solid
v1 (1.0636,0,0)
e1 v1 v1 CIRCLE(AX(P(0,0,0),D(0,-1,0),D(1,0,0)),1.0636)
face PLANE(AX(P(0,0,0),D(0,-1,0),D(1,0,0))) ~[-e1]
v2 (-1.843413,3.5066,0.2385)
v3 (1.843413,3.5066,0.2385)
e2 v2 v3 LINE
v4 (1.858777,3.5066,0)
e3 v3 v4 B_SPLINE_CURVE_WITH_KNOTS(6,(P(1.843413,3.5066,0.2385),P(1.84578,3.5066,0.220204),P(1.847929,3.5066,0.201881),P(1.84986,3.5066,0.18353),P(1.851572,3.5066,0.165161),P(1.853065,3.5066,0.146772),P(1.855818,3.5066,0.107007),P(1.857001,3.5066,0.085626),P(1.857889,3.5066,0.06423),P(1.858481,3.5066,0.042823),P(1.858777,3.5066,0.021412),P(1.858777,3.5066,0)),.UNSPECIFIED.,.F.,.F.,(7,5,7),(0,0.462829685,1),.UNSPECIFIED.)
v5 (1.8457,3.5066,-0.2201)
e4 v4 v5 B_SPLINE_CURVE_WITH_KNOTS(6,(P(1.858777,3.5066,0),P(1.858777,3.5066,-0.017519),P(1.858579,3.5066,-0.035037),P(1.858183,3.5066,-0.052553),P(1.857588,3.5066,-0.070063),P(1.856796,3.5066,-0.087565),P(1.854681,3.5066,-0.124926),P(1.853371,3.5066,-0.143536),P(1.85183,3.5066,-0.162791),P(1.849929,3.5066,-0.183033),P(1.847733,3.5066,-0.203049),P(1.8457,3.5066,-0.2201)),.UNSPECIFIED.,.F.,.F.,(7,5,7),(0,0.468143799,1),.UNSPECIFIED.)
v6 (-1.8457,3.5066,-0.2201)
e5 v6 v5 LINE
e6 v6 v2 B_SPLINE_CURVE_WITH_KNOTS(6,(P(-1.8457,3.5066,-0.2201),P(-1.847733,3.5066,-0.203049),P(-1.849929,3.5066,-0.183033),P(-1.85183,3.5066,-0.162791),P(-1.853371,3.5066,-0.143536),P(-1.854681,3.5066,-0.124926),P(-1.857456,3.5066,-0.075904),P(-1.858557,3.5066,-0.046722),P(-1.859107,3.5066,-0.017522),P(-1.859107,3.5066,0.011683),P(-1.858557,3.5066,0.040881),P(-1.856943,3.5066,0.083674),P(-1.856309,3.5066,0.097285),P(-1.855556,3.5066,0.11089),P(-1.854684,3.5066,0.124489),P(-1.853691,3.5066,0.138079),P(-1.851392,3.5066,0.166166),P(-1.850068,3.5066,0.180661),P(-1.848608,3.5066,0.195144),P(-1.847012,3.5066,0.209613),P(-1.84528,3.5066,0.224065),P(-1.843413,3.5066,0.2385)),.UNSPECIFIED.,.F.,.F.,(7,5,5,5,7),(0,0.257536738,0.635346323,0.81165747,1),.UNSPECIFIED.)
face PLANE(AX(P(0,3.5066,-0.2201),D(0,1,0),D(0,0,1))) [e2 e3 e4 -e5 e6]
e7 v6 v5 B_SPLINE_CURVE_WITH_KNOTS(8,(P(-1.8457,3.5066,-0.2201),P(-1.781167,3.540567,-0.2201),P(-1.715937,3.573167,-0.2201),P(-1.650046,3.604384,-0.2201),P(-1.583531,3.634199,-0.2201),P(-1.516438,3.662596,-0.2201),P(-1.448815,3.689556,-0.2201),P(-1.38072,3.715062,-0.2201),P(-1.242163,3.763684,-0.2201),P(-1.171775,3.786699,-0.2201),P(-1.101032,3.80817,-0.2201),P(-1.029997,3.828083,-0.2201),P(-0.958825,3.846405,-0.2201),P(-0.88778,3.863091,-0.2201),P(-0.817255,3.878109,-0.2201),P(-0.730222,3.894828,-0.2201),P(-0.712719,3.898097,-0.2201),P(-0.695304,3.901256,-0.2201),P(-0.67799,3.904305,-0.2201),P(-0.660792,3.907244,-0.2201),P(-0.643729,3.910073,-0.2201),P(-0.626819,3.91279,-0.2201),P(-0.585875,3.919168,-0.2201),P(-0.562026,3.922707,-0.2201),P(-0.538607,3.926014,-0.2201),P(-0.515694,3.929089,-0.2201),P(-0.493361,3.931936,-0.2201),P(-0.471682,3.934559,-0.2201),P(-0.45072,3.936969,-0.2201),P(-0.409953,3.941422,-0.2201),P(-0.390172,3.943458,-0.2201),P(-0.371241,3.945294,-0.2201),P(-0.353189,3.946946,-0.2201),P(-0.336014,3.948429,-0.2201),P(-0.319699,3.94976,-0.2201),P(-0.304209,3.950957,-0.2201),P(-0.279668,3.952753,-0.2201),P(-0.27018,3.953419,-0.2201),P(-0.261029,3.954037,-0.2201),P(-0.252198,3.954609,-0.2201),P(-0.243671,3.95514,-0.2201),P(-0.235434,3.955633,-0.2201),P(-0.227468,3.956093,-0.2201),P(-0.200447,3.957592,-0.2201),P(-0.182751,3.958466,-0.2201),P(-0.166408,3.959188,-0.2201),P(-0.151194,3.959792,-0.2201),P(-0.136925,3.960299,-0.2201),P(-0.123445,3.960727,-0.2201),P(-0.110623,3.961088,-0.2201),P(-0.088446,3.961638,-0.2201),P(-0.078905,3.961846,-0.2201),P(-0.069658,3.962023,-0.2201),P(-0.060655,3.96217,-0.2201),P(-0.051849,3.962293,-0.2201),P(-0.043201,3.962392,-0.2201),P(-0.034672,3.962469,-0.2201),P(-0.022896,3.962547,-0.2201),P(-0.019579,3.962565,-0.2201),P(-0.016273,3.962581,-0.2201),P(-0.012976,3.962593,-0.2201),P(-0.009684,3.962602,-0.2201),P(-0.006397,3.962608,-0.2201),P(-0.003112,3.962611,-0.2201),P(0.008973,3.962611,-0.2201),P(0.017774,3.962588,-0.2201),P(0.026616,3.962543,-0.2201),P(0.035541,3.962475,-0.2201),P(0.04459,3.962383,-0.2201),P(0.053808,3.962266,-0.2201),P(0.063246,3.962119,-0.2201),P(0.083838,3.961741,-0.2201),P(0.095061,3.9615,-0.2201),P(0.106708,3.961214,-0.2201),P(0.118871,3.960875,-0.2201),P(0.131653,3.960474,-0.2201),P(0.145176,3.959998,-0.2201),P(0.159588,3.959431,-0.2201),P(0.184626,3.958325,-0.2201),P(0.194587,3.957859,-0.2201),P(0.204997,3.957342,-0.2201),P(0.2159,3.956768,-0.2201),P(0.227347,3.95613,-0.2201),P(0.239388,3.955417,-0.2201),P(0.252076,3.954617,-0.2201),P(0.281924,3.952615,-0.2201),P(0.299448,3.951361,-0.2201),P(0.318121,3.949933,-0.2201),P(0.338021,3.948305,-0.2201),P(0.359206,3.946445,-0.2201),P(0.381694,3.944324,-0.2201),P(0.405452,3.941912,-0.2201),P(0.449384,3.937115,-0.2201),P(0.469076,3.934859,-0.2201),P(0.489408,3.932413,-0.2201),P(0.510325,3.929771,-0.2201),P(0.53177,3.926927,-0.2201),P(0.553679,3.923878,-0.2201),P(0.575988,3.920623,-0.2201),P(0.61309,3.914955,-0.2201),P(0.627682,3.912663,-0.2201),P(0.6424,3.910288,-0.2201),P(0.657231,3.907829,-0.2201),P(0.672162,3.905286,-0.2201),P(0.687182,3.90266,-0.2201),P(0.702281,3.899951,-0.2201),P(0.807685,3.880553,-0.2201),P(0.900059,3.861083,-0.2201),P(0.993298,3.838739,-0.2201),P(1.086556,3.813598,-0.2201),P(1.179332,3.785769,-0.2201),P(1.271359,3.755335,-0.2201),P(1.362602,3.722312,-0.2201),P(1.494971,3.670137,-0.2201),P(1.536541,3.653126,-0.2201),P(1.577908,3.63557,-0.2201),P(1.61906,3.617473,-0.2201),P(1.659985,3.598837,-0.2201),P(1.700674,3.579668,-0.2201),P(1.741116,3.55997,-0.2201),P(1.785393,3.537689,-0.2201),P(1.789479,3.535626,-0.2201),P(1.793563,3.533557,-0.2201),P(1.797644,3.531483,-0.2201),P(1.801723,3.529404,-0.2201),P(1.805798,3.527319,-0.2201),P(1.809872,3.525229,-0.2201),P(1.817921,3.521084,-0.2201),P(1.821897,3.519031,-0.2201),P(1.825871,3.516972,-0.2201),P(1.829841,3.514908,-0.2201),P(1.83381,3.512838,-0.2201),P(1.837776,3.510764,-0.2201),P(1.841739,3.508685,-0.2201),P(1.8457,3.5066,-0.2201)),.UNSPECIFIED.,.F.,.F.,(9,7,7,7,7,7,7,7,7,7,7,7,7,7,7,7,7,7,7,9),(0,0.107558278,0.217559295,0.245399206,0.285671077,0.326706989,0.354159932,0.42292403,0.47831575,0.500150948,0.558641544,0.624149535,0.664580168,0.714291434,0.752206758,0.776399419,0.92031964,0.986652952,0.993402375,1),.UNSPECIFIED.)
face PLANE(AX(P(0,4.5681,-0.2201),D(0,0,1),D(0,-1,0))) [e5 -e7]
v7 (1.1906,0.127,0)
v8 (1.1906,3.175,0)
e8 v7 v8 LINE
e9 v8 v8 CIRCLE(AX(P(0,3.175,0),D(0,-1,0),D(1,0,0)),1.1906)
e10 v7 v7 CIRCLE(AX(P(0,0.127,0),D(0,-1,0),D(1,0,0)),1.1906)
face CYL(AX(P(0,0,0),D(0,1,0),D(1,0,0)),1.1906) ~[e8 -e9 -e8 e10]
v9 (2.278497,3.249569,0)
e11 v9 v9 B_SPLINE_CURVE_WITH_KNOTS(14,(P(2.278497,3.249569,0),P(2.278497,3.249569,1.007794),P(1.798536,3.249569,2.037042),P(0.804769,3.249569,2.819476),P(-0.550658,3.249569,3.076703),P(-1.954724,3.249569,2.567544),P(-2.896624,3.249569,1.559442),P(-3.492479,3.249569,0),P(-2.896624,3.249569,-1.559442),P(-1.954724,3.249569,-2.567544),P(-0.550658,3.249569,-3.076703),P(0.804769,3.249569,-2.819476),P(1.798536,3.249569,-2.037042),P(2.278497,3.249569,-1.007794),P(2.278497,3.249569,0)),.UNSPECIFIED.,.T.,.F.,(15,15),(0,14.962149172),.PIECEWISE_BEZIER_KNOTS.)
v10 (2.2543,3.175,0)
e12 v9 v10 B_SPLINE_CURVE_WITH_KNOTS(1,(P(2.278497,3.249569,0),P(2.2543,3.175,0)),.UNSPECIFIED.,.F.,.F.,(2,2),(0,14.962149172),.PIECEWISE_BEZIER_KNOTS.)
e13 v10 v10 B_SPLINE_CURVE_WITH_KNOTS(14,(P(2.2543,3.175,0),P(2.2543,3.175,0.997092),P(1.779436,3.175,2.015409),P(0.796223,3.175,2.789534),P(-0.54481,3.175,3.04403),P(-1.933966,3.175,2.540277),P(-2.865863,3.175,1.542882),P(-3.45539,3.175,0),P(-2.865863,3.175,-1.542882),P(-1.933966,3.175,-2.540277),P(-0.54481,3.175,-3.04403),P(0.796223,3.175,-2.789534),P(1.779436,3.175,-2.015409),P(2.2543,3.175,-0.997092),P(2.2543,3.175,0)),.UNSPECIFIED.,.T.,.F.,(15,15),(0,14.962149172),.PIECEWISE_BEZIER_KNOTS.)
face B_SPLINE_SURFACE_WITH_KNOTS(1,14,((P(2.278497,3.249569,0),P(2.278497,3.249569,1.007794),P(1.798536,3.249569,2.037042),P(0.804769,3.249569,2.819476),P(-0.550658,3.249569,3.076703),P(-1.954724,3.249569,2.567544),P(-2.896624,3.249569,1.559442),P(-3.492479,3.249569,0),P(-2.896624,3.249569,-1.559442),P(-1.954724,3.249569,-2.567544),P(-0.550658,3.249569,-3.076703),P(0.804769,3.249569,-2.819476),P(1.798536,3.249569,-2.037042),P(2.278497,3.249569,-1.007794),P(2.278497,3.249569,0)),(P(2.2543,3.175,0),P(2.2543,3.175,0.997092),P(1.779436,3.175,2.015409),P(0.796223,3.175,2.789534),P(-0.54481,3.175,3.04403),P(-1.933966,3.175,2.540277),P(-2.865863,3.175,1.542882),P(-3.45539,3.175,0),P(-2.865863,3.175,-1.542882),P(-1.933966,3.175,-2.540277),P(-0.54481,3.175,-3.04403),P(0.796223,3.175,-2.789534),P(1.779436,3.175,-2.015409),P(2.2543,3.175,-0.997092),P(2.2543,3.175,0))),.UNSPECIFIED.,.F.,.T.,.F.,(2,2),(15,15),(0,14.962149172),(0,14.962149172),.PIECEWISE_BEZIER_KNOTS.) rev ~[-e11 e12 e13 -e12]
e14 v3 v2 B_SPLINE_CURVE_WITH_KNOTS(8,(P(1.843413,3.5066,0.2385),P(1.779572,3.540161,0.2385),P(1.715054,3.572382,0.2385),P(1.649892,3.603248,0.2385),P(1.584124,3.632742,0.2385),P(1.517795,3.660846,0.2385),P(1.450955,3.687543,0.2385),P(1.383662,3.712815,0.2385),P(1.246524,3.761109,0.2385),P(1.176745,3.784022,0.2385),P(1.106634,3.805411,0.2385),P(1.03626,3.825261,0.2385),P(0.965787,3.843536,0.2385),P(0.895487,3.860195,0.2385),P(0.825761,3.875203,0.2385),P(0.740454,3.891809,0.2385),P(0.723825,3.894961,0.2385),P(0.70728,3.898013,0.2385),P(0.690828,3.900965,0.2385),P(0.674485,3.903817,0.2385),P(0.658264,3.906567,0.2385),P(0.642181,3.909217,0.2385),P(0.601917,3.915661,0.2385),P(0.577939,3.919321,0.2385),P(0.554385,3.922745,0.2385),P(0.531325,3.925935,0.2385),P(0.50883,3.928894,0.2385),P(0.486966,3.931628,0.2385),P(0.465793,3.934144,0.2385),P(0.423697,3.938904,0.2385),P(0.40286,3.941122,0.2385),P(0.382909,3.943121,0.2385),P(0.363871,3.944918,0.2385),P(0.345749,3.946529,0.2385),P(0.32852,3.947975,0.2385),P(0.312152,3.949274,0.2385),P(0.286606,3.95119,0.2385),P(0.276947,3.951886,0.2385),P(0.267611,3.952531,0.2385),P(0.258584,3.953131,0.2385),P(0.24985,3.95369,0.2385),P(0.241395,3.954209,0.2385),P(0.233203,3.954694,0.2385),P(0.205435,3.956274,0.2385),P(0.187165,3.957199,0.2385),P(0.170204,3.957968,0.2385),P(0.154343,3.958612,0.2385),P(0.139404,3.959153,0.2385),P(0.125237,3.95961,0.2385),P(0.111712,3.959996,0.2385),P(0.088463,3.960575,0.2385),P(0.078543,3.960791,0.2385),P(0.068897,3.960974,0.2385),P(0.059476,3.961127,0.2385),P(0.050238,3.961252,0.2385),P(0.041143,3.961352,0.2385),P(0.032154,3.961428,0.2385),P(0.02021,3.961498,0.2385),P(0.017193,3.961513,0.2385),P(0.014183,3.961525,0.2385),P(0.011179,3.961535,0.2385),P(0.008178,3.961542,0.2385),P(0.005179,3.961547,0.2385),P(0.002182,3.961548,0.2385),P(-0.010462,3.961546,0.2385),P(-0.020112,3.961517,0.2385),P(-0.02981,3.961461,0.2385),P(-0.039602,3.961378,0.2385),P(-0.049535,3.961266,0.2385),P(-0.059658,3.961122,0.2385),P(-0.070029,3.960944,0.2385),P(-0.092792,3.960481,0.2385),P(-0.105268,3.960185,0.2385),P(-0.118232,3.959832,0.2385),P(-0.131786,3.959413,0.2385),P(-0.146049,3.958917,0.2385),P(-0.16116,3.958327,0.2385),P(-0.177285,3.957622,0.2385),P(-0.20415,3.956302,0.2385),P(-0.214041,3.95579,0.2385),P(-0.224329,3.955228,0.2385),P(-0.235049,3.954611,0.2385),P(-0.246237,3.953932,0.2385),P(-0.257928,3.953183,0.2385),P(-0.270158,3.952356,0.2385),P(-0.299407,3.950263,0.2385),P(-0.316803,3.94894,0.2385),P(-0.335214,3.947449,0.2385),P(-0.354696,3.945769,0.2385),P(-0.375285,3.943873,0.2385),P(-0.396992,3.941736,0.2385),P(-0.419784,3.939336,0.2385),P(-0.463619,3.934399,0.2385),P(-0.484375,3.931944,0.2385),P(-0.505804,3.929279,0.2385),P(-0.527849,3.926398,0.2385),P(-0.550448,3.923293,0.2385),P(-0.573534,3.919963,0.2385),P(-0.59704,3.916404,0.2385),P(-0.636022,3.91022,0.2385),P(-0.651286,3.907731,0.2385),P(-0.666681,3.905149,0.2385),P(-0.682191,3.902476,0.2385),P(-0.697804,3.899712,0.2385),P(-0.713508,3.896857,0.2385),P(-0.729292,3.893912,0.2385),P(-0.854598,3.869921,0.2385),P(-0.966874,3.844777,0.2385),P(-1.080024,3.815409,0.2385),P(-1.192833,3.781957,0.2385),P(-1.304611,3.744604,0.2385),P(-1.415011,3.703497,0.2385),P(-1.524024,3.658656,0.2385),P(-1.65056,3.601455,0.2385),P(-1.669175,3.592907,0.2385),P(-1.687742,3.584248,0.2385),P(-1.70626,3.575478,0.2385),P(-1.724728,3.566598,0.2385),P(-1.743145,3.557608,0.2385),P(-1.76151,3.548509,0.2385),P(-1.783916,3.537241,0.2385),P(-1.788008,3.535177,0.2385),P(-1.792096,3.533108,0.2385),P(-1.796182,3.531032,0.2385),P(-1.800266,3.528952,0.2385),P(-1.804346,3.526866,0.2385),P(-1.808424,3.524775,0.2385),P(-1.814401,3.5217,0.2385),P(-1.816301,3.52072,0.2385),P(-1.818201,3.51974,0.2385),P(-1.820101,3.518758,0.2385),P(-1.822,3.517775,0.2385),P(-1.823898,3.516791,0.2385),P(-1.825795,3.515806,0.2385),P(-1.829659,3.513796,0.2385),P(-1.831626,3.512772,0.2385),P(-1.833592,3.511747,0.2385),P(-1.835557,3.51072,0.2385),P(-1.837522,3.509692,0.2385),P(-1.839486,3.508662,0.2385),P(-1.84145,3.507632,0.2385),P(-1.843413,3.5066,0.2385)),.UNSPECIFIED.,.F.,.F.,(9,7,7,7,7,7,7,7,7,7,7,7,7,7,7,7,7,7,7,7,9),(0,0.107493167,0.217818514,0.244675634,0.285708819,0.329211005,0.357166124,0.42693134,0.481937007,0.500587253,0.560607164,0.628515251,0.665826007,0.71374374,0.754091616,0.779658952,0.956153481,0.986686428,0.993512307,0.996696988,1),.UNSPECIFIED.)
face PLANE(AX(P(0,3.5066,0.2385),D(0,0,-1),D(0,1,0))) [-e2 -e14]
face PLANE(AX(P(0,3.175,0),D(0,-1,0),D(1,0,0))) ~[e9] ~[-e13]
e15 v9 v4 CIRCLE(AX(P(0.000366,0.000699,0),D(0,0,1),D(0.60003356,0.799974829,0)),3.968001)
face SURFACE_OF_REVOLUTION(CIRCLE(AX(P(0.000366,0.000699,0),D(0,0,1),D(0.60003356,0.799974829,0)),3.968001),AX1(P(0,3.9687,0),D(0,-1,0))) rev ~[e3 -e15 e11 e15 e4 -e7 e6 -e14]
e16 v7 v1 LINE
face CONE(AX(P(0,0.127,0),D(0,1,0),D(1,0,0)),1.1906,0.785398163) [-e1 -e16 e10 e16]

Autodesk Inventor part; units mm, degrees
ref_plane "YZ Plane" through (0, 0, 0) normal (1, 0, 0) x (0, 1, 0)
ref_plane "XZ Plane" through (0, 0, 0) normal (0, 1, 0) x (-1, 0, 0)
ref_plane "XY Plane" through (0, 0, 0) normal (0, 0, 1) x (1, 0, 0)
sketch "Sketch1" plane through (0, 0, 0) normal (0, 0, 1) x (1, 0, 0)
  line L0 (0, 3.9687) -> (0, 0)
  line L1 (0, 0) -> (1.1906, 0)
  line L2 (1.1906, 0) -> (1.1906, 3.175)
  line L3 (1.1906, 3.175) -> (2.3813, 3.175)
  arc A0 (2.3813, 3.175) -> (0, 3.9687) centre (0, 0) ccw
  line L4 (0, 3.9687) -> (11.1125, 3.9688)
  dimension "d1" = 1.1906
  dimension "d2" = 2.3813
  dimension "d3" = 0.7937
revolve "Revolution1" add sketch "Sketch1" angle 360 about axis through (0, 3.9687, 0) along (0, -1, 0)
chamfer "Chamfer1" distance 0.127 angle 45 2 edges at (-1.1906, 0, 0) (-2.3813, 3.175, 0)
sketch "Sketch2" plane through (0, 0, 0) normal (1, 0, 0) x (0, 1, 0)
  line L0 (3.5066, 0.2385) -> (4.5681, 0.2385)
  line L1 (4.5681, 0.2385) -> (4.5681, -0.2201)
  line L2 (4.5681, -0.2201) -> (3.5066, -0.2201)
  line L3 (3.5066, -0.2201) -> (3.5066, 0.2385)
extrude "Extrusion1" cut sketch "Sketch2" against normal mid plane 25.4
equation "\"d1\" = 0.5 * d2"
properties part number "screw" material "Stainless Steel"
